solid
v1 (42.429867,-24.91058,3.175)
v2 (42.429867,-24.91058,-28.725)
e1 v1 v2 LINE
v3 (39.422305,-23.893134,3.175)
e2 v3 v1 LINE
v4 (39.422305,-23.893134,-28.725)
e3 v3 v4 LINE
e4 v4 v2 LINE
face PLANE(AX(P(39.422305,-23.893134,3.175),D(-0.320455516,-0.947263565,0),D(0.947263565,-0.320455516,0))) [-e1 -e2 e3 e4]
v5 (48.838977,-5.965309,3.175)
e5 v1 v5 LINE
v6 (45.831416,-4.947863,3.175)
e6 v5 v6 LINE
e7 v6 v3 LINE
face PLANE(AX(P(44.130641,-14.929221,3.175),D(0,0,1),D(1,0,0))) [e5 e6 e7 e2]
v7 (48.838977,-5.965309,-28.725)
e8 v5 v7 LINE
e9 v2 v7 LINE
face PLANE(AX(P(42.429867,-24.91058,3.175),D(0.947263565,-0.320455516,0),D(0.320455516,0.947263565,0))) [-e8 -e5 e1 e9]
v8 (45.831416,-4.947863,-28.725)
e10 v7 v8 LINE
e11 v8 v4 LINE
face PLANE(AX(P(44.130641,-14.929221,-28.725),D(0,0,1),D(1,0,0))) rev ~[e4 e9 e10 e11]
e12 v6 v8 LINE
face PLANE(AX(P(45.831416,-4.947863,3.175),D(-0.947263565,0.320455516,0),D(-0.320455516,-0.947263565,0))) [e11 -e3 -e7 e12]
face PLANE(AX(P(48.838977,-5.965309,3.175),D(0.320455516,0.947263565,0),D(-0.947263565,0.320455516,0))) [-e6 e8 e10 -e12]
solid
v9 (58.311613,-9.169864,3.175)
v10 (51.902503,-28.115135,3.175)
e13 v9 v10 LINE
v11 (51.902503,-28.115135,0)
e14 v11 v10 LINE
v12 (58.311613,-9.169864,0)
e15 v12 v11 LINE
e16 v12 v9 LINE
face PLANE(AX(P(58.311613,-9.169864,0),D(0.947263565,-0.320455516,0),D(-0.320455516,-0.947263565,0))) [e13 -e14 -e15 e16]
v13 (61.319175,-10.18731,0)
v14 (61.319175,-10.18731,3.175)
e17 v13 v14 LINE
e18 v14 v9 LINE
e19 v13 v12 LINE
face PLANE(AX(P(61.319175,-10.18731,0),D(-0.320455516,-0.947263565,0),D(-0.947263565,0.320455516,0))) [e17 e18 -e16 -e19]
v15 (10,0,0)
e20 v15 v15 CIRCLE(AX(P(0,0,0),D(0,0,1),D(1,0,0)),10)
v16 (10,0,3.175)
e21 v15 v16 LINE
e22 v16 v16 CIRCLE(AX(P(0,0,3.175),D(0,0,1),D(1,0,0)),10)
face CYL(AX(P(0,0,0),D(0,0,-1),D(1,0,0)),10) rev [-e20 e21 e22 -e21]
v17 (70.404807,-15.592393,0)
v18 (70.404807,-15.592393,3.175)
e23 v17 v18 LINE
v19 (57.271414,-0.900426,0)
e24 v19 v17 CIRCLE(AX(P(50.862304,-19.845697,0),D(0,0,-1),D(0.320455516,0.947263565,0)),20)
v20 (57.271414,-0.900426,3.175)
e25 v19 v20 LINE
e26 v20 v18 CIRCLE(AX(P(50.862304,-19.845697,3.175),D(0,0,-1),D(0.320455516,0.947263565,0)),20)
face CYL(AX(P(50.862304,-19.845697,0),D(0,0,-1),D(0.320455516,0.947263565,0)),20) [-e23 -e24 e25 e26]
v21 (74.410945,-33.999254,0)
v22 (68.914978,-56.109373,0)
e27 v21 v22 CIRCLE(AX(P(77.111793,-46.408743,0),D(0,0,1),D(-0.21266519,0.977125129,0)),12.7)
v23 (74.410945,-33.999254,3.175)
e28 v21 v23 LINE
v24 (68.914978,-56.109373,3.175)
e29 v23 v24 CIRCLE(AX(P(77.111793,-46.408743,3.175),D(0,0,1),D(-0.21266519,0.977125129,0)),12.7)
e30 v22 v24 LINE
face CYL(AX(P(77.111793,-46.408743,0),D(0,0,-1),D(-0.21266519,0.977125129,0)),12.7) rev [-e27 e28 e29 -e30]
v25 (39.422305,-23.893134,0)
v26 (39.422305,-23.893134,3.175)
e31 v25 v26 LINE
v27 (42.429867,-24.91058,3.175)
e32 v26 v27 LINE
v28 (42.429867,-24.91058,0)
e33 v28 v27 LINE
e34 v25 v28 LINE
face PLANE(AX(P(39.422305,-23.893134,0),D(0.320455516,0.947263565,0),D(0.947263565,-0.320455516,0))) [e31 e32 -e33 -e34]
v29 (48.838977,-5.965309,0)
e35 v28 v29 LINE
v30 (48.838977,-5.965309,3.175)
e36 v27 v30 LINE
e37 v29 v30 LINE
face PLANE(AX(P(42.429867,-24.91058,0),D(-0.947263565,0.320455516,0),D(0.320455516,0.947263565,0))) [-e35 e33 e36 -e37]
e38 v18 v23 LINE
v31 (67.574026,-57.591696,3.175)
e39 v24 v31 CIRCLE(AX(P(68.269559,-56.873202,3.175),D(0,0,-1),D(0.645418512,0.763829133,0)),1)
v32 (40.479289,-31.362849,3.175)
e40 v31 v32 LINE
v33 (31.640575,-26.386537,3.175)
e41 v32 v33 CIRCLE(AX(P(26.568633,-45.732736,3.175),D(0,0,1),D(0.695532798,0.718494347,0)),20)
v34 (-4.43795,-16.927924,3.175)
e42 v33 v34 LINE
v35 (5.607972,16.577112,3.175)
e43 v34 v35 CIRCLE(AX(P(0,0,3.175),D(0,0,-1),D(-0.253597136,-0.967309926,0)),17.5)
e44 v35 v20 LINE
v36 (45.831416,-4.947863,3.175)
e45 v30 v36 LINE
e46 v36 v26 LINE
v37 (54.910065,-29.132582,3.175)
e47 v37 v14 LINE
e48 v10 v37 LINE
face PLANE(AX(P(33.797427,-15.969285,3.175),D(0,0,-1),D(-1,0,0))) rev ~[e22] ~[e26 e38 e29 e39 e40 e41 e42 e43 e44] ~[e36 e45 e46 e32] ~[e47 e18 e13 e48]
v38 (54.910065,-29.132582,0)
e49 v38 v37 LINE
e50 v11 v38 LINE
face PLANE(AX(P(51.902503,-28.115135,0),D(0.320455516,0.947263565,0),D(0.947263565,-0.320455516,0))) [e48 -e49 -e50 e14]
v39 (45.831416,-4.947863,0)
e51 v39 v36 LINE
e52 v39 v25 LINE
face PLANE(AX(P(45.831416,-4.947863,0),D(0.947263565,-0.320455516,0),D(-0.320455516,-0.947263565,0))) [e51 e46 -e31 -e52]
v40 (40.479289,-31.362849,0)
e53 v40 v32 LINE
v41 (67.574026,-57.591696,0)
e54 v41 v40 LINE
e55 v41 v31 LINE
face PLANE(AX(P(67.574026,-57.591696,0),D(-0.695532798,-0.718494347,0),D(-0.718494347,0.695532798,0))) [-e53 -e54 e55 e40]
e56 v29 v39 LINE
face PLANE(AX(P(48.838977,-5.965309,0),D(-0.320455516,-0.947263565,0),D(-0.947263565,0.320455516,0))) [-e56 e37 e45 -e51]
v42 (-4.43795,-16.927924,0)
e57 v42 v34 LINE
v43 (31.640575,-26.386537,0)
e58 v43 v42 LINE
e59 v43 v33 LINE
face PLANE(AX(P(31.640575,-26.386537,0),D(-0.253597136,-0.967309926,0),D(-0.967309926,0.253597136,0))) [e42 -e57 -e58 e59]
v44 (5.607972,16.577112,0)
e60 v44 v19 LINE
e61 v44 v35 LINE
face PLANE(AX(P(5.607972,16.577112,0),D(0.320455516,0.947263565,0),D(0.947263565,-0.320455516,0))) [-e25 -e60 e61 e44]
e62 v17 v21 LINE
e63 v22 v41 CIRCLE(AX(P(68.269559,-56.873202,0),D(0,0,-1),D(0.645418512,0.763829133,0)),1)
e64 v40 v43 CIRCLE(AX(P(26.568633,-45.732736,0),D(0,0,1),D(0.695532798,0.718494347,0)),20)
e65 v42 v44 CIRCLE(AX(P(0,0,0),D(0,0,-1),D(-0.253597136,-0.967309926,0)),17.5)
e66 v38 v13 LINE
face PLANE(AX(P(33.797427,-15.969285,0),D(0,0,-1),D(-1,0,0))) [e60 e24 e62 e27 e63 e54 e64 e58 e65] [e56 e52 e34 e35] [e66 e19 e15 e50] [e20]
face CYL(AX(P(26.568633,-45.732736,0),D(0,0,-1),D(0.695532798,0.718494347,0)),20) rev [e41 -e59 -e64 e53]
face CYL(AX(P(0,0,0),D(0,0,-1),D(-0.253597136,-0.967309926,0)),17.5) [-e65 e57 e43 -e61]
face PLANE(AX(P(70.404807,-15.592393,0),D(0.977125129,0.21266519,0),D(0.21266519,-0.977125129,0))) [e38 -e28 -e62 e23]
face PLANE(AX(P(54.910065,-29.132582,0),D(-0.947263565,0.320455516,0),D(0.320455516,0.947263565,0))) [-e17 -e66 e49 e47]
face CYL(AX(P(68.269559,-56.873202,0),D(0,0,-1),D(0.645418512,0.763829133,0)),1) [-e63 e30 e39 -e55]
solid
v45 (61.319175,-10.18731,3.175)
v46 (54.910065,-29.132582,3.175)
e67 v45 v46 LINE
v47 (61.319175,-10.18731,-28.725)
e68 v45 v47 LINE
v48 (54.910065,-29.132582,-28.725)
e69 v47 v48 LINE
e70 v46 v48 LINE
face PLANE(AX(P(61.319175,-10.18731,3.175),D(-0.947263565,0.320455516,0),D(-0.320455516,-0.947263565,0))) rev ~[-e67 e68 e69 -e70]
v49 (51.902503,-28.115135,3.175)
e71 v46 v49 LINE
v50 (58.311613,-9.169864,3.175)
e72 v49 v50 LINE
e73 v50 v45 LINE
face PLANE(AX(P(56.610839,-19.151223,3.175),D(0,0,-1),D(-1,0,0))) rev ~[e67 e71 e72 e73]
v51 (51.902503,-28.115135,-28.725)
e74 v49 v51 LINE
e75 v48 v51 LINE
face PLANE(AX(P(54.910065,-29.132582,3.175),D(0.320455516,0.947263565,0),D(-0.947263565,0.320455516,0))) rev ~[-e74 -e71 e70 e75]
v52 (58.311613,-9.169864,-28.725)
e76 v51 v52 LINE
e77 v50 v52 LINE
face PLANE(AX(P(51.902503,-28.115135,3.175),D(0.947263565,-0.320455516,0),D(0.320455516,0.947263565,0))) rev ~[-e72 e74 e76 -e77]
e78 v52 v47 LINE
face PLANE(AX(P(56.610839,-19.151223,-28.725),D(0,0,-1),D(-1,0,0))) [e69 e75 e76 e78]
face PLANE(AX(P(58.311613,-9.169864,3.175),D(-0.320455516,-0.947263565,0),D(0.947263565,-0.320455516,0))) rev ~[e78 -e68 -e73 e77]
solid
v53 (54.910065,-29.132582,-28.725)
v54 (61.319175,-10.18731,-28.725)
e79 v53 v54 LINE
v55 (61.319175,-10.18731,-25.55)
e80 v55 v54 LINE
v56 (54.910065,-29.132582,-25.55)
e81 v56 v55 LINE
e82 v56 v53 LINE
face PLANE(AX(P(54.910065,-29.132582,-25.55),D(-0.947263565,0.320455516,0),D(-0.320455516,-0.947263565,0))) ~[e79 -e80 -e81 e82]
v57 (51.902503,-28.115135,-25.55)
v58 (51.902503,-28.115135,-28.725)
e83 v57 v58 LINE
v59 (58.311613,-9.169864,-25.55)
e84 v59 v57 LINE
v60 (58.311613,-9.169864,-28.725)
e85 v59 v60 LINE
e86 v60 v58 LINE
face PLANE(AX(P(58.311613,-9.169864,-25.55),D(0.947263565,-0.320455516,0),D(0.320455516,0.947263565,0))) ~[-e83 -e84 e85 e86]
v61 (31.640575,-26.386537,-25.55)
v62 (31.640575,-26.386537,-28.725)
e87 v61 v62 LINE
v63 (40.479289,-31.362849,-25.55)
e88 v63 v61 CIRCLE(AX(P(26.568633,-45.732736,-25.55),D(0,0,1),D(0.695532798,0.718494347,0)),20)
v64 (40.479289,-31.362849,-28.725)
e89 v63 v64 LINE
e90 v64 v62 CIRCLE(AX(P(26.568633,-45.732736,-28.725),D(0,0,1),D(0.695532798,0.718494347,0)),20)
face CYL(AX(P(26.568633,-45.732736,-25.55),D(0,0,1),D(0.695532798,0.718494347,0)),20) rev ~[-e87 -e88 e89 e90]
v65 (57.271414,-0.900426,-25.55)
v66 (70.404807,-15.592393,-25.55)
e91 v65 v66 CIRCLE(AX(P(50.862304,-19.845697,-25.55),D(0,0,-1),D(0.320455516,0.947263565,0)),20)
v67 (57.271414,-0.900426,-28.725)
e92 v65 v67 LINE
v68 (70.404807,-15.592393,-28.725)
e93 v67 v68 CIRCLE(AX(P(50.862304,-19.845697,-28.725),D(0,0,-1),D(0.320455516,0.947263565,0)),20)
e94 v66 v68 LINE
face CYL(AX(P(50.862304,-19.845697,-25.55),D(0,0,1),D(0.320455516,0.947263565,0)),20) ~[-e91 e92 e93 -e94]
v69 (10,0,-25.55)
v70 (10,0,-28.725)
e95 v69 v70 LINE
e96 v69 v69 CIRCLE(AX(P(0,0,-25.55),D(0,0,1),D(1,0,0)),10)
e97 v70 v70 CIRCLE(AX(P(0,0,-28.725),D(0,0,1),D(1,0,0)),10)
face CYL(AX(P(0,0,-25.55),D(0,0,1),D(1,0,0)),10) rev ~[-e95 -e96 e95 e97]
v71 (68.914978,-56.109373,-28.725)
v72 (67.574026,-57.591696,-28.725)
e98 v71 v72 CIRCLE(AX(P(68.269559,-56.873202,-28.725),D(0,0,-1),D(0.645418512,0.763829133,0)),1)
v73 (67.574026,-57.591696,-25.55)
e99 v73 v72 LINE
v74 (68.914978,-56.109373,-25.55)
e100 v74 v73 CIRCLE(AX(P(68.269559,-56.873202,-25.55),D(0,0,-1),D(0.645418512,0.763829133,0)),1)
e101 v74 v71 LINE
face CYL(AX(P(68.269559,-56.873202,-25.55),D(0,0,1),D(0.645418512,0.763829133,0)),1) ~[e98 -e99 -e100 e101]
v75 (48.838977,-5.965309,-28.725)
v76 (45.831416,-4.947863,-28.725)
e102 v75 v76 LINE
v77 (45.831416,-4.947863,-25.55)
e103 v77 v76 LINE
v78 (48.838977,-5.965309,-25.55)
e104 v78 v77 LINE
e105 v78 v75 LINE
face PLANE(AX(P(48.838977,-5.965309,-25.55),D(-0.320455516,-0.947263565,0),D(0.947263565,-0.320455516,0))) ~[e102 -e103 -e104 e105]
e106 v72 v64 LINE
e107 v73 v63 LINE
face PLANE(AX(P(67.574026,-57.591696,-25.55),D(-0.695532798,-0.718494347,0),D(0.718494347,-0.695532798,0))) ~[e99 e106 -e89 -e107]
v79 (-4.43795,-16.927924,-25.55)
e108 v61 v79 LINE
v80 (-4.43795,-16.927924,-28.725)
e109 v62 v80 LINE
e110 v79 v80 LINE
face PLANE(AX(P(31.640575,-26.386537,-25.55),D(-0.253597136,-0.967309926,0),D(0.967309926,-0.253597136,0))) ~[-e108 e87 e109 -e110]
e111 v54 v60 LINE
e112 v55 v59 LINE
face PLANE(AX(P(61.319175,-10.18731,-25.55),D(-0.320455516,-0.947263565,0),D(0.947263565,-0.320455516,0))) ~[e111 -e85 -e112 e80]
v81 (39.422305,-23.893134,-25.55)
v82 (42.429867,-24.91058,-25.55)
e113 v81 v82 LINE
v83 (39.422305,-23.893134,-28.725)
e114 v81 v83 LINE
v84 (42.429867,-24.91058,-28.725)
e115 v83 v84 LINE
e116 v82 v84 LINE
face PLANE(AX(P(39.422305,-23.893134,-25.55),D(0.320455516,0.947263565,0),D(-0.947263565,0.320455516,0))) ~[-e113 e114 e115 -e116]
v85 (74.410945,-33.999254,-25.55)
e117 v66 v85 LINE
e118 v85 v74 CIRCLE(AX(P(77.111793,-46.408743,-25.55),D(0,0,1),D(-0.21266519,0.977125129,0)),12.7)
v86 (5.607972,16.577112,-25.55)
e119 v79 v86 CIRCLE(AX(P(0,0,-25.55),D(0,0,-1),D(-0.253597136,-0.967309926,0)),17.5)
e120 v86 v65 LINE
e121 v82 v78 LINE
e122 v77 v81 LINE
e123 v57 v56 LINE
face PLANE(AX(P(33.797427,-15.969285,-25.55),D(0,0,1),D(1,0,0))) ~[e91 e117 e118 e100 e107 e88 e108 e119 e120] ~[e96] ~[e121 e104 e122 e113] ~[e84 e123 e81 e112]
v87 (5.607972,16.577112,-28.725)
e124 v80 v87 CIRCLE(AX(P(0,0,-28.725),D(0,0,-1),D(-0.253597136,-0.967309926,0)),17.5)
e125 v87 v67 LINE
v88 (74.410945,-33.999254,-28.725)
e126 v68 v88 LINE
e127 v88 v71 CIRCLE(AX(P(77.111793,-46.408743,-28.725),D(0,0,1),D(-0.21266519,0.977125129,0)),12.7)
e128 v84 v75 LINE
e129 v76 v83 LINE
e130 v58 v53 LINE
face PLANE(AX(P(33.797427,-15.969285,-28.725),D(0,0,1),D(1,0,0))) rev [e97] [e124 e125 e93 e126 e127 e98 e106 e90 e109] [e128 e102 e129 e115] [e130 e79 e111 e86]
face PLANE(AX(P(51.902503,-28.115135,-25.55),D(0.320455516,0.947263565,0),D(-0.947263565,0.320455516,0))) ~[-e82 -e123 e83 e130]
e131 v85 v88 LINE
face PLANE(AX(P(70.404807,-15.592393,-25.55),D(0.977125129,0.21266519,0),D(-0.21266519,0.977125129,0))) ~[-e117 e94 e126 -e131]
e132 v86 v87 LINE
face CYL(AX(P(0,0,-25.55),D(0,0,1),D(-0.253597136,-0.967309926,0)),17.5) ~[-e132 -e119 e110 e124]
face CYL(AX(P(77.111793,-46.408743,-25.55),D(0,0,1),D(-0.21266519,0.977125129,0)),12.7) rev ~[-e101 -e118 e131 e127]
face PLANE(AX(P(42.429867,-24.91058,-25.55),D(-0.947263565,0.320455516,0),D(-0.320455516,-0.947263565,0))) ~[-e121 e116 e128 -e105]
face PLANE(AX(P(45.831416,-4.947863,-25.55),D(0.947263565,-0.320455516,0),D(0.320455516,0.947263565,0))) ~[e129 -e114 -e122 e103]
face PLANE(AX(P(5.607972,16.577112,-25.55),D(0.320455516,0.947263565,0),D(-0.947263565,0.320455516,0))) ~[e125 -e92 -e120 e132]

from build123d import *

# Parameters (mm, degrees)
SKETCH1_R             = 10
BOSS_EXTRUDE1_DEPTH   = 3.175
BOSS_EXTRUDE2_DEPTH   = 31.9
BOSS_EXTRUDE2_2_DEPTH = 31.9


with BuildPart() as part:
    # Sketch1 → Boss-Extrude1 (new body)
    with BuildSketch(Plane.XY):
        with BuildLine():
            Line((5.607971528, 16.577112395), (57.271414282, -0.900425857))
            ThreePointArc((57.271414282, -0.900425857), (65.773207032, -6.516594805), (70.404806539, -15.592393373))
            Line((70.404806539, -15.592393373), (74.410944882, -33.999253713))
            ThreePointArc((74.410944882, -33.999253713), (64.786854385, -43.345102314), (68.914977689, -56.109372837))
            ThreePointArc((68.914977689, -56.109372837), (69.011144361, -57.544060684), (67.574026379, -57.591696317))
            Line((67.574026379, -57.591696317), (40.479288713, -31.362848764))
            ThreePointArc((40.479288713, -31.362848764), (36.380649999, -28.305047462), (31.640575479, -26.386537192))
            Line((31.640575479, -26.386537192), (-4.437949885, -16.927923701))
            ThreePointArc((-4.437949885, -16.927923701), (-16.76272945, 5.026022423), (5.607971528, 16.577112395))
        make_face()
        Circle(SKETCH1_R, mode=Mode.SUBTRACT)
        Polygon((58.311613076, -9.169863981), (51.902502759, -28.115135289), (54.910064579, -29.132581552), (61.319174897, -10.187310244), align=None, mode=Mode.SUBTRACT)
        Polygon((45.831415602, -4.94786256), (39.422305285, -23.893133868), (42.429867105, -24.910580131), (48.838977422, -5.965308822), align=None, mode=Mode.SUBTRACT)
    extrude(amount=BOSS_EXTRUDE1_DEPTH)


with BuildPart() as body_2:
    # Mirror3: mirrored copy
    add(part.part.mirror(Plane(origin=(0, 0, -12.775), x_dir=(1, 0, 0), z_dir=(0, 0, -1))))


with BuildPart() as body_3:
    # Sketch2 → Boss-Extrude2 (new body)
    with BuildSketch(Plane.XY.offset(3.175)):
        Polygon((45.831415602, -4.94786256), (39.422305285, -23.893133868), (42.429867105, -24.910580131), (48.838977422, -5.965308822), align=None)
    extrude(amount=-BOSS_EXTRUDE2_DEPTH)


with BuildPart() as body_4:
    # Sketch2 → Boss-Extrude2 2 (new body)
    with BuildSketch(Plane.XY.offset(3.175)):
        Polygon((51.902502759, -28.115135289), (58.311613076, -9.169863981), (61.319174897, -10.187310244), (54.910064579, -29.132581552), align=None)
    extrude(amount=-BOSS_EXTRUDE2_2_DEPTH)


solid = Compound([part.part, body_2.part, body_3.part, body_4.part])
